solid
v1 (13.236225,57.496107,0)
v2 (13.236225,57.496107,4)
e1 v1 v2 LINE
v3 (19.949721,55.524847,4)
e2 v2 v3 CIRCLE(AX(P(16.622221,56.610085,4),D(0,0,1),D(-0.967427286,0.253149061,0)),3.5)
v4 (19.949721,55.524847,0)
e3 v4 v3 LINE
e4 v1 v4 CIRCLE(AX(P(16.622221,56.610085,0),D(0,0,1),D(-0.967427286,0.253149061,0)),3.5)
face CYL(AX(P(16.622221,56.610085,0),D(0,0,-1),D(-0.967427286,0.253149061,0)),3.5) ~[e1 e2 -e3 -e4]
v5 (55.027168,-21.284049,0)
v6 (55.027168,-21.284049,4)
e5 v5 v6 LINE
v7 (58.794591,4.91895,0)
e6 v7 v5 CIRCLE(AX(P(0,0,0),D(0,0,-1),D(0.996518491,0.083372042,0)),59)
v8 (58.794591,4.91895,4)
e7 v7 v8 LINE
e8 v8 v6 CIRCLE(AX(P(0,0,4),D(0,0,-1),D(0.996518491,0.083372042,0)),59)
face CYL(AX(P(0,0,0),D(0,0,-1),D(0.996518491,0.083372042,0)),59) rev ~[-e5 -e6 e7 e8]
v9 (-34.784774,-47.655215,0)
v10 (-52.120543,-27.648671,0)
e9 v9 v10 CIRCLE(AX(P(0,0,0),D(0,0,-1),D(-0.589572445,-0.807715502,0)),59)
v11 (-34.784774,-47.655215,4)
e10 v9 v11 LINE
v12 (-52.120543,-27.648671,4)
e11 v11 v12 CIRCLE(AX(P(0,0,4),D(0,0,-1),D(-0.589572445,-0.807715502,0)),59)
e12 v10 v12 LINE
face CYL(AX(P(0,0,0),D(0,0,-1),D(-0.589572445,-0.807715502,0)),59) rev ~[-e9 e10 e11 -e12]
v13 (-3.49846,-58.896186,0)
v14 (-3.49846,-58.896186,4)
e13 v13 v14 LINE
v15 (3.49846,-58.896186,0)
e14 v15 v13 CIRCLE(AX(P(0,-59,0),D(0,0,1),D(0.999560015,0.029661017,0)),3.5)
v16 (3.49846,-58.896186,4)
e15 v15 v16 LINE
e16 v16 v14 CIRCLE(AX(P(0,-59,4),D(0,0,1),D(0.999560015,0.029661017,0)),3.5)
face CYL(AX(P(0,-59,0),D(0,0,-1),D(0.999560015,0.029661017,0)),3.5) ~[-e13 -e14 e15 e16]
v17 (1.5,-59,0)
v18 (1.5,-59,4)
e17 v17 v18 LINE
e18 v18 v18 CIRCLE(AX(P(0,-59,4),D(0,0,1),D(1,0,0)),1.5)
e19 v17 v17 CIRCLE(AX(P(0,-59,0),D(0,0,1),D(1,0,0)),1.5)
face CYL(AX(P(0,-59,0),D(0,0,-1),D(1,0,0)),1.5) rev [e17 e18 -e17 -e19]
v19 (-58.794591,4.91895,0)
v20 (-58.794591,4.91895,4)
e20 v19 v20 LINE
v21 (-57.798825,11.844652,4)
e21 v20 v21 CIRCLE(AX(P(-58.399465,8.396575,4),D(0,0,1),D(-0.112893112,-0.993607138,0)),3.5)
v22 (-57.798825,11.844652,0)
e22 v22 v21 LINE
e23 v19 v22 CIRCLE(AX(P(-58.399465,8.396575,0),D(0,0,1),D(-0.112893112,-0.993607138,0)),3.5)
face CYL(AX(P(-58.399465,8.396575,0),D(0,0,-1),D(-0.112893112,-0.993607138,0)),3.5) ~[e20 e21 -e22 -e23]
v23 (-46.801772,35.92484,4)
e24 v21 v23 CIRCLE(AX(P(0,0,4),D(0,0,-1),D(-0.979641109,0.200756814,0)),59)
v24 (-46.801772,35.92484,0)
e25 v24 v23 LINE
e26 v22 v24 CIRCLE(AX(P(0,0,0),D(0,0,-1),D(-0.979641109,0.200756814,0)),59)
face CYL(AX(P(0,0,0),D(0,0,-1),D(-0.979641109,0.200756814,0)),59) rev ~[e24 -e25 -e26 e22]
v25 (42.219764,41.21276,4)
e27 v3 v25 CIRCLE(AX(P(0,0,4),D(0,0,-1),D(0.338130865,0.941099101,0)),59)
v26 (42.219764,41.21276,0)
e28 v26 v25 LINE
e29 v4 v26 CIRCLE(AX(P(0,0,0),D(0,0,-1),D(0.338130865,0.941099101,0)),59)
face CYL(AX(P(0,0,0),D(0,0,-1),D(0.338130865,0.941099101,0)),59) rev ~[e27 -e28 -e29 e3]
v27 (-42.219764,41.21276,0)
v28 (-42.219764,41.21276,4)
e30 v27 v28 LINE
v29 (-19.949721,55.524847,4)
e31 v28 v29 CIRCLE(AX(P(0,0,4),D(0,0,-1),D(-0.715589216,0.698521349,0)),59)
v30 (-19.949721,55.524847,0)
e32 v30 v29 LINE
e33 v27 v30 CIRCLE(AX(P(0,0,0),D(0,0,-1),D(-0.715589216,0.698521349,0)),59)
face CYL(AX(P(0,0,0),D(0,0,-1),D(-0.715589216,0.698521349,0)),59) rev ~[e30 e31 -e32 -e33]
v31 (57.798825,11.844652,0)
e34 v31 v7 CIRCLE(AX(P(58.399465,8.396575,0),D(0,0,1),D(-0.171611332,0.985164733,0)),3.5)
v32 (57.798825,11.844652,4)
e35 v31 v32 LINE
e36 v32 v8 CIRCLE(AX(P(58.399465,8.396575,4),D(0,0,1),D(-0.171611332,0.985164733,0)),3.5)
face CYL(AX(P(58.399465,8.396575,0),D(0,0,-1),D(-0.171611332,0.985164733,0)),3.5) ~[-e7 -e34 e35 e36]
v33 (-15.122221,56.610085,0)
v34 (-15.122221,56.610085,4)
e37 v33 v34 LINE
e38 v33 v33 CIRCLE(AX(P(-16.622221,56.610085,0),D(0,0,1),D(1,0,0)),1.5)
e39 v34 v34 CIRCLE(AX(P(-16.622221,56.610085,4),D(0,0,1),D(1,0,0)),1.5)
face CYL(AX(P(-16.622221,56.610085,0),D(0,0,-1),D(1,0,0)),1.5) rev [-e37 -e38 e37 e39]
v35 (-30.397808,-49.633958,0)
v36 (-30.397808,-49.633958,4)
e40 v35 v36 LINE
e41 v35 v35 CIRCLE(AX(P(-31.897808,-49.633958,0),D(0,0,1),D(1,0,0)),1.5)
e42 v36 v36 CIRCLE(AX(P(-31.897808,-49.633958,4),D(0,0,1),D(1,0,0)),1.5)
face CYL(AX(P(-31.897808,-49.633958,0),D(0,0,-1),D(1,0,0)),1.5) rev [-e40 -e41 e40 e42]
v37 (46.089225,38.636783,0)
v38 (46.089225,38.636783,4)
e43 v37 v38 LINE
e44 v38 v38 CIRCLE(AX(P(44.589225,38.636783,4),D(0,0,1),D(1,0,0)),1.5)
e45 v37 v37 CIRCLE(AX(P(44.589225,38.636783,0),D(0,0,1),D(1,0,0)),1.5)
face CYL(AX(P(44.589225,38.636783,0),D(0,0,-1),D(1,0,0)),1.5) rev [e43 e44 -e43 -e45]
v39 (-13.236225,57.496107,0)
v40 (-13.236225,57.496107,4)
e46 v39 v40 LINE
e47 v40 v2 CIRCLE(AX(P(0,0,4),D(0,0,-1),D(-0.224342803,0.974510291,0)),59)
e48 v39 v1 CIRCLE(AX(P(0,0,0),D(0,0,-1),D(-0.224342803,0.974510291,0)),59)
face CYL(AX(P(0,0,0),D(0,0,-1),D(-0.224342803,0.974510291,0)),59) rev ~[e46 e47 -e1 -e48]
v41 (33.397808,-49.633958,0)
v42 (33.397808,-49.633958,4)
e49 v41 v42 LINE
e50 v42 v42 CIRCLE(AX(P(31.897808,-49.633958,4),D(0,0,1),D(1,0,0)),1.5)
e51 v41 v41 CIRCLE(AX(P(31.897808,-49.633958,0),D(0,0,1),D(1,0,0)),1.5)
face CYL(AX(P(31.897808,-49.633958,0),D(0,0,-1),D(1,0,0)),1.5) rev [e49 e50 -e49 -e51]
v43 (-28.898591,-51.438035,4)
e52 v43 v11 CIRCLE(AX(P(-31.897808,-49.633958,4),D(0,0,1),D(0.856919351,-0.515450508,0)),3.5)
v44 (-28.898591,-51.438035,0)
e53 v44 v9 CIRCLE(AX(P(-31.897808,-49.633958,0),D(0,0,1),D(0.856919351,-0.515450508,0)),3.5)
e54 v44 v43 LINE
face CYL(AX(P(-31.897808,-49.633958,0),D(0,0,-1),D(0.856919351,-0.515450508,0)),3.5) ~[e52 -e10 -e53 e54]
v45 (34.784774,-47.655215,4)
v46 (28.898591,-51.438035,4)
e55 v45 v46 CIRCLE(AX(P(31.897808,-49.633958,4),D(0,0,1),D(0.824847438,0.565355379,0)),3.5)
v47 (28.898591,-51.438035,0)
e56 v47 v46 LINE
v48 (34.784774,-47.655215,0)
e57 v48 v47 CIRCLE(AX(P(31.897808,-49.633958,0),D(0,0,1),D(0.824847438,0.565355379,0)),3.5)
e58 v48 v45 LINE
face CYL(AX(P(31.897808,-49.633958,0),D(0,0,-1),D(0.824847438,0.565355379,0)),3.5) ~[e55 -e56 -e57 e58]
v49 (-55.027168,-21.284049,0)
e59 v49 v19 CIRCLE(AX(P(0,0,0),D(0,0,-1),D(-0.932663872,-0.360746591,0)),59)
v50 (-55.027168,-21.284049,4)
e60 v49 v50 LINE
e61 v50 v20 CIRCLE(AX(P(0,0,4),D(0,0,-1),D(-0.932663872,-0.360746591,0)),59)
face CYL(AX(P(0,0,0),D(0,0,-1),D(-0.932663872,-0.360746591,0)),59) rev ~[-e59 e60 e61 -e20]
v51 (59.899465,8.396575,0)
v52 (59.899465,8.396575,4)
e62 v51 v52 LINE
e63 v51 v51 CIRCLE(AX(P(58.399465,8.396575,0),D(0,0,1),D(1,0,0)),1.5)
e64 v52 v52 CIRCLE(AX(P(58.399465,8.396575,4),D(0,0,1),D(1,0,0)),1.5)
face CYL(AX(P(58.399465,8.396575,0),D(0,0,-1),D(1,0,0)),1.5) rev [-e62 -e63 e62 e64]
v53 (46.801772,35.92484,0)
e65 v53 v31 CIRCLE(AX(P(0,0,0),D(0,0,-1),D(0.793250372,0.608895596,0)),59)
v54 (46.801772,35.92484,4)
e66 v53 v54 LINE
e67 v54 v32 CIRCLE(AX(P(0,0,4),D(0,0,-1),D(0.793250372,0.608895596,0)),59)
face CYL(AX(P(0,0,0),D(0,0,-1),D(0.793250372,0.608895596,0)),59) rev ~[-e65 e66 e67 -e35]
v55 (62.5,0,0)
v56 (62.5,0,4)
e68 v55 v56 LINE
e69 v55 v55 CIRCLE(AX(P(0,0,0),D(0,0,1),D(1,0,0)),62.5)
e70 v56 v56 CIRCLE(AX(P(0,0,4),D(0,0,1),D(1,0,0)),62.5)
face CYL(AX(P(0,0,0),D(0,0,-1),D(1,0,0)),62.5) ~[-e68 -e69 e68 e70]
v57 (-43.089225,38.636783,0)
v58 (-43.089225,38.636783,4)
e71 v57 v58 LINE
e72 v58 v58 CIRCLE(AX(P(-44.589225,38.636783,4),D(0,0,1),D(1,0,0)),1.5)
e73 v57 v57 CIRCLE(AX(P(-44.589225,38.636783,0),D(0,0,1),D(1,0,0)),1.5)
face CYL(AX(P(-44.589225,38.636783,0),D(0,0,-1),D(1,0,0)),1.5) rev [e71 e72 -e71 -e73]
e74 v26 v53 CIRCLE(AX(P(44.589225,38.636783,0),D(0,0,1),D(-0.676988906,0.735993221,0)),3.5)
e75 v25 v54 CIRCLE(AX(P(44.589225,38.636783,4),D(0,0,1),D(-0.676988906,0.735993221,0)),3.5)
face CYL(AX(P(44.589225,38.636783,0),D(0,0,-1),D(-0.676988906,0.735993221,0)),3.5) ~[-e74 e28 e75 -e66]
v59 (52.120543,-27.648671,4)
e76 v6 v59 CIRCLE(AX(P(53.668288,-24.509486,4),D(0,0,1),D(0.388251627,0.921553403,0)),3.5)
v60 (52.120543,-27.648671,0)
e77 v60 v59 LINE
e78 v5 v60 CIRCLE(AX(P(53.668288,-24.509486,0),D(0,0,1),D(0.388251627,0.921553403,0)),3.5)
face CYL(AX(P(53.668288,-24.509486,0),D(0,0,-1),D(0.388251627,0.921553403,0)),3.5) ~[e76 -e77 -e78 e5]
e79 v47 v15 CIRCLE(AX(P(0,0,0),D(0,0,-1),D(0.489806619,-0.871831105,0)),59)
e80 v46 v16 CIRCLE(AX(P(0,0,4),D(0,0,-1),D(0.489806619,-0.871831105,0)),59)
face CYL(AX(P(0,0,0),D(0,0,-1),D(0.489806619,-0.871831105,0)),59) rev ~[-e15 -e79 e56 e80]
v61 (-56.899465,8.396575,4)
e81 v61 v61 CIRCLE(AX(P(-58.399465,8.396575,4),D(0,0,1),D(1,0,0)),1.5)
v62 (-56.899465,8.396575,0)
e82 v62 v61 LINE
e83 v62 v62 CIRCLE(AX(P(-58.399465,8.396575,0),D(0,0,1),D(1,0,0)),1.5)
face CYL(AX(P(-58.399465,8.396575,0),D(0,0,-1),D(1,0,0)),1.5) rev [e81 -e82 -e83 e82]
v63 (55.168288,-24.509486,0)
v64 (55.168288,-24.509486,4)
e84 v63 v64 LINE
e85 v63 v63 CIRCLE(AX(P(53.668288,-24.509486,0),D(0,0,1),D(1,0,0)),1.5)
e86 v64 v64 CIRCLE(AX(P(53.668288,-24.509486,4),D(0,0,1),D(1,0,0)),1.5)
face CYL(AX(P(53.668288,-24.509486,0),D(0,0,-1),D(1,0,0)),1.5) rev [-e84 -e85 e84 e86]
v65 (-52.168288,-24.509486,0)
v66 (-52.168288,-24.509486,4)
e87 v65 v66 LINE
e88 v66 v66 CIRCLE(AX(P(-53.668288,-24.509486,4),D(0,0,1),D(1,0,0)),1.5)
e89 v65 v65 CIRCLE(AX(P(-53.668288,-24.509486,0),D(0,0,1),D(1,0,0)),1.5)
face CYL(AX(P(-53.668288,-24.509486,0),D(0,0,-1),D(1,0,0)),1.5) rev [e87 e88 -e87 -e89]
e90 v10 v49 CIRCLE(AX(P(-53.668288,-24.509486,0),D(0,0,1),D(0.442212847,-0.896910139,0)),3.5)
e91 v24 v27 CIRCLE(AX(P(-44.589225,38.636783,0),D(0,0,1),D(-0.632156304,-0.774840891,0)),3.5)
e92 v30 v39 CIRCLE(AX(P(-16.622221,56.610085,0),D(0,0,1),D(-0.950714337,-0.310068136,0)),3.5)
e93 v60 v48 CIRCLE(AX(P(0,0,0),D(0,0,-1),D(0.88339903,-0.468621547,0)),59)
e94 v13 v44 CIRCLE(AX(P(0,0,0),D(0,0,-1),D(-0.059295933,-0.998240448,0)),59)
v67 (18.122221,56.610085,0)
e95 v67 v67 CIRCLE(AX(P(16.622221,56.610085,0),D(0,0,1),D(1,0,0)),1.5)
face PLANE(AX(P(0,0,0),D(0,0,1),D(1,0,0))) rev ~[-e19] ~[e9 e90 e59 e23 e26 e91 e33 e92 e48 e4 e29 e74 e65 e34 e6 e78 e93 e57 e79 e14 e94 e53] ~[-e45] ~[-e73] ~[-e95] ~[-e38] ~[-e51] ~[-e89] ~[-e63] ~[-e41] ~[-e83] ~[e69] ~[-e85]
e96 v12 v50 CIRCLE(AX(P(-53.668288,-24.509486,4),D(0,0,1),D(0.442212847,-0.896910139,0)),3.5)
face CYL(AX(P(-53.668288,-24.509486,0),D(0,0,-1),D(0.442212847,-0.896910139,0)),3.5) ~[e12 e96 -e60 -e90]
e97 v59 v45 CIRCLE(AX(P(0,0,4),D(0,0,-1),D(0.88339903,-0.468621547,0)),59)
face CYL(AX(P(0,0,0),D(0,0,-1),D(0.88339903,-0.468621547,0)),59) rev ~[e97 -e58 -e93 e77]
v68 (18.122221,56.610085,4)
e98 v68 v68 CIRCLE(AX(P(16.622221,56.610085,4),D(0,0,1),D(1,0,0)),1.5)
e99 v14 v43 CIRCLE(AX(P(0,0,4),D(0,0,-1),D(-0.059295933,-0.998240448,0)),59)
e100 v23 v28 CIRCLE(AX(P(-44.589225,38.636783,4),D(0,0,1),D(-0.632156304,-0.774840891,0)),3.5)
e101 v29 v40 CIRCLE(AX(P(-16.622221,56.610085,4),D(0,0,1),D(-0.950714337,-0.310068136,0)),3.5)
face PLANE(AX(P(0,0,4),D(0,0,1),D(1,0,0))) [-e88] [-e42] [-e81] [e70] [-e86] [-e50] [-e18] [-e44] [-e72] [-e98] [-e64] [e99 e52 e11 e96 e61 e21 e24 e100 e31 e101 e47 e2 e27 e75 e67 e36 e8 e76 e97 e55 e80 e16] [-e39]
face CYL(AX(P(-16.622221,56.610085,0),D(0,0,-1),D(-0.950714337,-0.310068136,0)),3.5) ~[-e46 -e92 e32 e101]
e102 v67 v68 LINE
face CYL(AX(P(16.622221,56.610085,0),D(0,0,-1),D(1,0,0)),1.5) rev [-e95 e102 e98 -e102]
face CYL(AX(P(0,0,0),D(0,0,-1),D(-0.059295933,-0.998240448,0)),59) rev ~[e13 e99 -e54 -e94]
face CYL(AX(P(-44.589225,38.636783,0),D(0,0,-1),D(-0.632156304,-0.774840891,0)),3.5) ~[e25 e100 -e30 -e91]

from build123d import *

# Parameters (mm, degrees)
SKETCH_1_R      = 62.5
SKETCH_1_R_2    = 1.5
EXTRUDE_1_DEPTH = 4


with BuildPart() as part:
    # 草图1 → 凸台-拉伸1 (new body)
    with BuildSketch(Plane.XY):
        Circle(SKETCH_1_R)
        with Locations((0, -59)):
            Circle(SKETCH_1_R_2, mode=Mode.SUBTRACT)
        with Locations((-31.89780823, -49.633958437)):
            Circle(SKETCH_1_R_2, mode=Mode.SUBTRACT)
        with Locations((-53.668287726, -24.509485767)):
            Circle(SKETCH_1_R_2, mode=Mode.SUBTRACT)
        with Locations((-58.399465071, 8.396575458)):
            Circle(SKETCH_1_R_2, mode=Mode.SUBTRACT)
        with Locations((-44.589224887, 38.636783303)):
            Circle(SKETCH_1_R_2, mode=Mode.SUBTRACT)
        with Locations((-16.622220854, 56.610085443)):
            Circle(SKETCH_1_R_2, mode=Mode.SUBTRACT)
        with Locations((16.622220854, 56.610085443)):
            Circle(SKETCH_1_R_2, mode=Mode.SUBTRACT)
        with Locations((44.589224887, 38.636783303)):
            Circle(SKETCH_1_R_2, mode=Mode.SUBTRACT)
        with Locations((58.399465071, 8.396575458)):
            Circle(SKETCH_1_R_2, mode=Mode.SUBTRACT)
        with Locations((53.668287726, -24.509485767)):
            Circle(SKETCH_1_R_2, mode=Mode.SUBTRACT)
        with Locations((31.89780823, -49.633958437)):
            Circle(SKETCH_1_R_2, mode=Mode.SUBTRACT)
        with BuildLine():
            ThreePointArc((3.498460053, -58.896186441), (0, -55.5), (-3.498460053, -58.896186441))
            ThreePointArc((-3.498460053, -58.896186441), (-16.622220854, -56.610085443), (-28.898590503, -51.438035217))
            ThreePointArc((-28.898590503, -51.438035217), (-30.005565369, -46.689571072), (-34.784774262, -47.65521461))
            ThreePointArc((-34.784774262, -47.65521461), (-44.589224887, -38.636783303), (-52.120542762, -27.648671255))
            ThreePointArc((-52.120542762, -27.648671255), (-50.484575742, -23.055533222), (-55.027168419, -21.284048857))
            ThreePointArc((-55.027168419, -21.284048857), (-58.399465071, -8.396575458), (-58.794590961, 4.918950474))
            ThreePointArc((-58.794590961, 4.918950474), (-54.935090024, 7.898473524), (-57.798825407, 11.844652023))
            ThreePointArc((-57.798825407, 11.844652023), (-53.668287726, 24.509485767), (-46.801771952, 35.924840183))
            ThreePointArc((-46.801771952, 35.924840183), (-41.944101377, 36.344770734), (-42.219763715, 41.212759575))
            ThreePointArc((-42.219763715, 41.212759575), (-31.89780823, 49.633958437), (-19.949721034, 55.524846967))
            ThreePointArc((-19.949721034, 55.524846967), (-15.636156905, 53.251860036), (-13.236225354, 57.496107158))
            ThreePointArc((-13.236225354, 57.496107158), (0, 59), (13.236225354, 57.496107158))
            ThreePointArc((13.236225354, 57.496107158), (15.636156905, 53.251860036), (19.949721034, 55.524846967))
            ThreePointArc((19.949721034, 55.524846967), (31.89780823, 49.633958437), (42.219763715, 41.212759575))
            ThreePointArc((42.219763715, 41.212759575), (41.944101377, 36.344770734), (46.801771952, 35.924840183))
            ThreePointArc((46.801771952, 35.924840183), (53.668287726, 24.509485767), (57.798825407, 11.844652023))
            ThreePointArc((57.798825407, 11.844652023), (54.935090024, 7.898473524), (58.794590961, 4.918950474))
            ThreePointArc((58.794590961, 4.918950474), (58.399465071, -8.396575458), (55.027168419, -21.284048857))
            ThreePointArc((55.027168419, -21.284048857), (50.484575742, -23.055533222), (52.120542762, -27.648671255))
            ThreePointArc((52.120542762, -27.648671255), (44.589224887, -38.636783303), (34.784774262, -47.65521461))
            ThreePointArc((34.784774262, -47.65521461), (30.005565369, -46.689571072), (28.898590503, -51.438035217))
            ThreePointArc((28.898590503, -51.438035217), (16.622220854, -56.610085443), (3.498460053, -58.896186441))
        make_face(mode=Mode.SUBTRACT)
    extrude(amount=EXTRUDE_1_DEPTH)


solid = part.part
